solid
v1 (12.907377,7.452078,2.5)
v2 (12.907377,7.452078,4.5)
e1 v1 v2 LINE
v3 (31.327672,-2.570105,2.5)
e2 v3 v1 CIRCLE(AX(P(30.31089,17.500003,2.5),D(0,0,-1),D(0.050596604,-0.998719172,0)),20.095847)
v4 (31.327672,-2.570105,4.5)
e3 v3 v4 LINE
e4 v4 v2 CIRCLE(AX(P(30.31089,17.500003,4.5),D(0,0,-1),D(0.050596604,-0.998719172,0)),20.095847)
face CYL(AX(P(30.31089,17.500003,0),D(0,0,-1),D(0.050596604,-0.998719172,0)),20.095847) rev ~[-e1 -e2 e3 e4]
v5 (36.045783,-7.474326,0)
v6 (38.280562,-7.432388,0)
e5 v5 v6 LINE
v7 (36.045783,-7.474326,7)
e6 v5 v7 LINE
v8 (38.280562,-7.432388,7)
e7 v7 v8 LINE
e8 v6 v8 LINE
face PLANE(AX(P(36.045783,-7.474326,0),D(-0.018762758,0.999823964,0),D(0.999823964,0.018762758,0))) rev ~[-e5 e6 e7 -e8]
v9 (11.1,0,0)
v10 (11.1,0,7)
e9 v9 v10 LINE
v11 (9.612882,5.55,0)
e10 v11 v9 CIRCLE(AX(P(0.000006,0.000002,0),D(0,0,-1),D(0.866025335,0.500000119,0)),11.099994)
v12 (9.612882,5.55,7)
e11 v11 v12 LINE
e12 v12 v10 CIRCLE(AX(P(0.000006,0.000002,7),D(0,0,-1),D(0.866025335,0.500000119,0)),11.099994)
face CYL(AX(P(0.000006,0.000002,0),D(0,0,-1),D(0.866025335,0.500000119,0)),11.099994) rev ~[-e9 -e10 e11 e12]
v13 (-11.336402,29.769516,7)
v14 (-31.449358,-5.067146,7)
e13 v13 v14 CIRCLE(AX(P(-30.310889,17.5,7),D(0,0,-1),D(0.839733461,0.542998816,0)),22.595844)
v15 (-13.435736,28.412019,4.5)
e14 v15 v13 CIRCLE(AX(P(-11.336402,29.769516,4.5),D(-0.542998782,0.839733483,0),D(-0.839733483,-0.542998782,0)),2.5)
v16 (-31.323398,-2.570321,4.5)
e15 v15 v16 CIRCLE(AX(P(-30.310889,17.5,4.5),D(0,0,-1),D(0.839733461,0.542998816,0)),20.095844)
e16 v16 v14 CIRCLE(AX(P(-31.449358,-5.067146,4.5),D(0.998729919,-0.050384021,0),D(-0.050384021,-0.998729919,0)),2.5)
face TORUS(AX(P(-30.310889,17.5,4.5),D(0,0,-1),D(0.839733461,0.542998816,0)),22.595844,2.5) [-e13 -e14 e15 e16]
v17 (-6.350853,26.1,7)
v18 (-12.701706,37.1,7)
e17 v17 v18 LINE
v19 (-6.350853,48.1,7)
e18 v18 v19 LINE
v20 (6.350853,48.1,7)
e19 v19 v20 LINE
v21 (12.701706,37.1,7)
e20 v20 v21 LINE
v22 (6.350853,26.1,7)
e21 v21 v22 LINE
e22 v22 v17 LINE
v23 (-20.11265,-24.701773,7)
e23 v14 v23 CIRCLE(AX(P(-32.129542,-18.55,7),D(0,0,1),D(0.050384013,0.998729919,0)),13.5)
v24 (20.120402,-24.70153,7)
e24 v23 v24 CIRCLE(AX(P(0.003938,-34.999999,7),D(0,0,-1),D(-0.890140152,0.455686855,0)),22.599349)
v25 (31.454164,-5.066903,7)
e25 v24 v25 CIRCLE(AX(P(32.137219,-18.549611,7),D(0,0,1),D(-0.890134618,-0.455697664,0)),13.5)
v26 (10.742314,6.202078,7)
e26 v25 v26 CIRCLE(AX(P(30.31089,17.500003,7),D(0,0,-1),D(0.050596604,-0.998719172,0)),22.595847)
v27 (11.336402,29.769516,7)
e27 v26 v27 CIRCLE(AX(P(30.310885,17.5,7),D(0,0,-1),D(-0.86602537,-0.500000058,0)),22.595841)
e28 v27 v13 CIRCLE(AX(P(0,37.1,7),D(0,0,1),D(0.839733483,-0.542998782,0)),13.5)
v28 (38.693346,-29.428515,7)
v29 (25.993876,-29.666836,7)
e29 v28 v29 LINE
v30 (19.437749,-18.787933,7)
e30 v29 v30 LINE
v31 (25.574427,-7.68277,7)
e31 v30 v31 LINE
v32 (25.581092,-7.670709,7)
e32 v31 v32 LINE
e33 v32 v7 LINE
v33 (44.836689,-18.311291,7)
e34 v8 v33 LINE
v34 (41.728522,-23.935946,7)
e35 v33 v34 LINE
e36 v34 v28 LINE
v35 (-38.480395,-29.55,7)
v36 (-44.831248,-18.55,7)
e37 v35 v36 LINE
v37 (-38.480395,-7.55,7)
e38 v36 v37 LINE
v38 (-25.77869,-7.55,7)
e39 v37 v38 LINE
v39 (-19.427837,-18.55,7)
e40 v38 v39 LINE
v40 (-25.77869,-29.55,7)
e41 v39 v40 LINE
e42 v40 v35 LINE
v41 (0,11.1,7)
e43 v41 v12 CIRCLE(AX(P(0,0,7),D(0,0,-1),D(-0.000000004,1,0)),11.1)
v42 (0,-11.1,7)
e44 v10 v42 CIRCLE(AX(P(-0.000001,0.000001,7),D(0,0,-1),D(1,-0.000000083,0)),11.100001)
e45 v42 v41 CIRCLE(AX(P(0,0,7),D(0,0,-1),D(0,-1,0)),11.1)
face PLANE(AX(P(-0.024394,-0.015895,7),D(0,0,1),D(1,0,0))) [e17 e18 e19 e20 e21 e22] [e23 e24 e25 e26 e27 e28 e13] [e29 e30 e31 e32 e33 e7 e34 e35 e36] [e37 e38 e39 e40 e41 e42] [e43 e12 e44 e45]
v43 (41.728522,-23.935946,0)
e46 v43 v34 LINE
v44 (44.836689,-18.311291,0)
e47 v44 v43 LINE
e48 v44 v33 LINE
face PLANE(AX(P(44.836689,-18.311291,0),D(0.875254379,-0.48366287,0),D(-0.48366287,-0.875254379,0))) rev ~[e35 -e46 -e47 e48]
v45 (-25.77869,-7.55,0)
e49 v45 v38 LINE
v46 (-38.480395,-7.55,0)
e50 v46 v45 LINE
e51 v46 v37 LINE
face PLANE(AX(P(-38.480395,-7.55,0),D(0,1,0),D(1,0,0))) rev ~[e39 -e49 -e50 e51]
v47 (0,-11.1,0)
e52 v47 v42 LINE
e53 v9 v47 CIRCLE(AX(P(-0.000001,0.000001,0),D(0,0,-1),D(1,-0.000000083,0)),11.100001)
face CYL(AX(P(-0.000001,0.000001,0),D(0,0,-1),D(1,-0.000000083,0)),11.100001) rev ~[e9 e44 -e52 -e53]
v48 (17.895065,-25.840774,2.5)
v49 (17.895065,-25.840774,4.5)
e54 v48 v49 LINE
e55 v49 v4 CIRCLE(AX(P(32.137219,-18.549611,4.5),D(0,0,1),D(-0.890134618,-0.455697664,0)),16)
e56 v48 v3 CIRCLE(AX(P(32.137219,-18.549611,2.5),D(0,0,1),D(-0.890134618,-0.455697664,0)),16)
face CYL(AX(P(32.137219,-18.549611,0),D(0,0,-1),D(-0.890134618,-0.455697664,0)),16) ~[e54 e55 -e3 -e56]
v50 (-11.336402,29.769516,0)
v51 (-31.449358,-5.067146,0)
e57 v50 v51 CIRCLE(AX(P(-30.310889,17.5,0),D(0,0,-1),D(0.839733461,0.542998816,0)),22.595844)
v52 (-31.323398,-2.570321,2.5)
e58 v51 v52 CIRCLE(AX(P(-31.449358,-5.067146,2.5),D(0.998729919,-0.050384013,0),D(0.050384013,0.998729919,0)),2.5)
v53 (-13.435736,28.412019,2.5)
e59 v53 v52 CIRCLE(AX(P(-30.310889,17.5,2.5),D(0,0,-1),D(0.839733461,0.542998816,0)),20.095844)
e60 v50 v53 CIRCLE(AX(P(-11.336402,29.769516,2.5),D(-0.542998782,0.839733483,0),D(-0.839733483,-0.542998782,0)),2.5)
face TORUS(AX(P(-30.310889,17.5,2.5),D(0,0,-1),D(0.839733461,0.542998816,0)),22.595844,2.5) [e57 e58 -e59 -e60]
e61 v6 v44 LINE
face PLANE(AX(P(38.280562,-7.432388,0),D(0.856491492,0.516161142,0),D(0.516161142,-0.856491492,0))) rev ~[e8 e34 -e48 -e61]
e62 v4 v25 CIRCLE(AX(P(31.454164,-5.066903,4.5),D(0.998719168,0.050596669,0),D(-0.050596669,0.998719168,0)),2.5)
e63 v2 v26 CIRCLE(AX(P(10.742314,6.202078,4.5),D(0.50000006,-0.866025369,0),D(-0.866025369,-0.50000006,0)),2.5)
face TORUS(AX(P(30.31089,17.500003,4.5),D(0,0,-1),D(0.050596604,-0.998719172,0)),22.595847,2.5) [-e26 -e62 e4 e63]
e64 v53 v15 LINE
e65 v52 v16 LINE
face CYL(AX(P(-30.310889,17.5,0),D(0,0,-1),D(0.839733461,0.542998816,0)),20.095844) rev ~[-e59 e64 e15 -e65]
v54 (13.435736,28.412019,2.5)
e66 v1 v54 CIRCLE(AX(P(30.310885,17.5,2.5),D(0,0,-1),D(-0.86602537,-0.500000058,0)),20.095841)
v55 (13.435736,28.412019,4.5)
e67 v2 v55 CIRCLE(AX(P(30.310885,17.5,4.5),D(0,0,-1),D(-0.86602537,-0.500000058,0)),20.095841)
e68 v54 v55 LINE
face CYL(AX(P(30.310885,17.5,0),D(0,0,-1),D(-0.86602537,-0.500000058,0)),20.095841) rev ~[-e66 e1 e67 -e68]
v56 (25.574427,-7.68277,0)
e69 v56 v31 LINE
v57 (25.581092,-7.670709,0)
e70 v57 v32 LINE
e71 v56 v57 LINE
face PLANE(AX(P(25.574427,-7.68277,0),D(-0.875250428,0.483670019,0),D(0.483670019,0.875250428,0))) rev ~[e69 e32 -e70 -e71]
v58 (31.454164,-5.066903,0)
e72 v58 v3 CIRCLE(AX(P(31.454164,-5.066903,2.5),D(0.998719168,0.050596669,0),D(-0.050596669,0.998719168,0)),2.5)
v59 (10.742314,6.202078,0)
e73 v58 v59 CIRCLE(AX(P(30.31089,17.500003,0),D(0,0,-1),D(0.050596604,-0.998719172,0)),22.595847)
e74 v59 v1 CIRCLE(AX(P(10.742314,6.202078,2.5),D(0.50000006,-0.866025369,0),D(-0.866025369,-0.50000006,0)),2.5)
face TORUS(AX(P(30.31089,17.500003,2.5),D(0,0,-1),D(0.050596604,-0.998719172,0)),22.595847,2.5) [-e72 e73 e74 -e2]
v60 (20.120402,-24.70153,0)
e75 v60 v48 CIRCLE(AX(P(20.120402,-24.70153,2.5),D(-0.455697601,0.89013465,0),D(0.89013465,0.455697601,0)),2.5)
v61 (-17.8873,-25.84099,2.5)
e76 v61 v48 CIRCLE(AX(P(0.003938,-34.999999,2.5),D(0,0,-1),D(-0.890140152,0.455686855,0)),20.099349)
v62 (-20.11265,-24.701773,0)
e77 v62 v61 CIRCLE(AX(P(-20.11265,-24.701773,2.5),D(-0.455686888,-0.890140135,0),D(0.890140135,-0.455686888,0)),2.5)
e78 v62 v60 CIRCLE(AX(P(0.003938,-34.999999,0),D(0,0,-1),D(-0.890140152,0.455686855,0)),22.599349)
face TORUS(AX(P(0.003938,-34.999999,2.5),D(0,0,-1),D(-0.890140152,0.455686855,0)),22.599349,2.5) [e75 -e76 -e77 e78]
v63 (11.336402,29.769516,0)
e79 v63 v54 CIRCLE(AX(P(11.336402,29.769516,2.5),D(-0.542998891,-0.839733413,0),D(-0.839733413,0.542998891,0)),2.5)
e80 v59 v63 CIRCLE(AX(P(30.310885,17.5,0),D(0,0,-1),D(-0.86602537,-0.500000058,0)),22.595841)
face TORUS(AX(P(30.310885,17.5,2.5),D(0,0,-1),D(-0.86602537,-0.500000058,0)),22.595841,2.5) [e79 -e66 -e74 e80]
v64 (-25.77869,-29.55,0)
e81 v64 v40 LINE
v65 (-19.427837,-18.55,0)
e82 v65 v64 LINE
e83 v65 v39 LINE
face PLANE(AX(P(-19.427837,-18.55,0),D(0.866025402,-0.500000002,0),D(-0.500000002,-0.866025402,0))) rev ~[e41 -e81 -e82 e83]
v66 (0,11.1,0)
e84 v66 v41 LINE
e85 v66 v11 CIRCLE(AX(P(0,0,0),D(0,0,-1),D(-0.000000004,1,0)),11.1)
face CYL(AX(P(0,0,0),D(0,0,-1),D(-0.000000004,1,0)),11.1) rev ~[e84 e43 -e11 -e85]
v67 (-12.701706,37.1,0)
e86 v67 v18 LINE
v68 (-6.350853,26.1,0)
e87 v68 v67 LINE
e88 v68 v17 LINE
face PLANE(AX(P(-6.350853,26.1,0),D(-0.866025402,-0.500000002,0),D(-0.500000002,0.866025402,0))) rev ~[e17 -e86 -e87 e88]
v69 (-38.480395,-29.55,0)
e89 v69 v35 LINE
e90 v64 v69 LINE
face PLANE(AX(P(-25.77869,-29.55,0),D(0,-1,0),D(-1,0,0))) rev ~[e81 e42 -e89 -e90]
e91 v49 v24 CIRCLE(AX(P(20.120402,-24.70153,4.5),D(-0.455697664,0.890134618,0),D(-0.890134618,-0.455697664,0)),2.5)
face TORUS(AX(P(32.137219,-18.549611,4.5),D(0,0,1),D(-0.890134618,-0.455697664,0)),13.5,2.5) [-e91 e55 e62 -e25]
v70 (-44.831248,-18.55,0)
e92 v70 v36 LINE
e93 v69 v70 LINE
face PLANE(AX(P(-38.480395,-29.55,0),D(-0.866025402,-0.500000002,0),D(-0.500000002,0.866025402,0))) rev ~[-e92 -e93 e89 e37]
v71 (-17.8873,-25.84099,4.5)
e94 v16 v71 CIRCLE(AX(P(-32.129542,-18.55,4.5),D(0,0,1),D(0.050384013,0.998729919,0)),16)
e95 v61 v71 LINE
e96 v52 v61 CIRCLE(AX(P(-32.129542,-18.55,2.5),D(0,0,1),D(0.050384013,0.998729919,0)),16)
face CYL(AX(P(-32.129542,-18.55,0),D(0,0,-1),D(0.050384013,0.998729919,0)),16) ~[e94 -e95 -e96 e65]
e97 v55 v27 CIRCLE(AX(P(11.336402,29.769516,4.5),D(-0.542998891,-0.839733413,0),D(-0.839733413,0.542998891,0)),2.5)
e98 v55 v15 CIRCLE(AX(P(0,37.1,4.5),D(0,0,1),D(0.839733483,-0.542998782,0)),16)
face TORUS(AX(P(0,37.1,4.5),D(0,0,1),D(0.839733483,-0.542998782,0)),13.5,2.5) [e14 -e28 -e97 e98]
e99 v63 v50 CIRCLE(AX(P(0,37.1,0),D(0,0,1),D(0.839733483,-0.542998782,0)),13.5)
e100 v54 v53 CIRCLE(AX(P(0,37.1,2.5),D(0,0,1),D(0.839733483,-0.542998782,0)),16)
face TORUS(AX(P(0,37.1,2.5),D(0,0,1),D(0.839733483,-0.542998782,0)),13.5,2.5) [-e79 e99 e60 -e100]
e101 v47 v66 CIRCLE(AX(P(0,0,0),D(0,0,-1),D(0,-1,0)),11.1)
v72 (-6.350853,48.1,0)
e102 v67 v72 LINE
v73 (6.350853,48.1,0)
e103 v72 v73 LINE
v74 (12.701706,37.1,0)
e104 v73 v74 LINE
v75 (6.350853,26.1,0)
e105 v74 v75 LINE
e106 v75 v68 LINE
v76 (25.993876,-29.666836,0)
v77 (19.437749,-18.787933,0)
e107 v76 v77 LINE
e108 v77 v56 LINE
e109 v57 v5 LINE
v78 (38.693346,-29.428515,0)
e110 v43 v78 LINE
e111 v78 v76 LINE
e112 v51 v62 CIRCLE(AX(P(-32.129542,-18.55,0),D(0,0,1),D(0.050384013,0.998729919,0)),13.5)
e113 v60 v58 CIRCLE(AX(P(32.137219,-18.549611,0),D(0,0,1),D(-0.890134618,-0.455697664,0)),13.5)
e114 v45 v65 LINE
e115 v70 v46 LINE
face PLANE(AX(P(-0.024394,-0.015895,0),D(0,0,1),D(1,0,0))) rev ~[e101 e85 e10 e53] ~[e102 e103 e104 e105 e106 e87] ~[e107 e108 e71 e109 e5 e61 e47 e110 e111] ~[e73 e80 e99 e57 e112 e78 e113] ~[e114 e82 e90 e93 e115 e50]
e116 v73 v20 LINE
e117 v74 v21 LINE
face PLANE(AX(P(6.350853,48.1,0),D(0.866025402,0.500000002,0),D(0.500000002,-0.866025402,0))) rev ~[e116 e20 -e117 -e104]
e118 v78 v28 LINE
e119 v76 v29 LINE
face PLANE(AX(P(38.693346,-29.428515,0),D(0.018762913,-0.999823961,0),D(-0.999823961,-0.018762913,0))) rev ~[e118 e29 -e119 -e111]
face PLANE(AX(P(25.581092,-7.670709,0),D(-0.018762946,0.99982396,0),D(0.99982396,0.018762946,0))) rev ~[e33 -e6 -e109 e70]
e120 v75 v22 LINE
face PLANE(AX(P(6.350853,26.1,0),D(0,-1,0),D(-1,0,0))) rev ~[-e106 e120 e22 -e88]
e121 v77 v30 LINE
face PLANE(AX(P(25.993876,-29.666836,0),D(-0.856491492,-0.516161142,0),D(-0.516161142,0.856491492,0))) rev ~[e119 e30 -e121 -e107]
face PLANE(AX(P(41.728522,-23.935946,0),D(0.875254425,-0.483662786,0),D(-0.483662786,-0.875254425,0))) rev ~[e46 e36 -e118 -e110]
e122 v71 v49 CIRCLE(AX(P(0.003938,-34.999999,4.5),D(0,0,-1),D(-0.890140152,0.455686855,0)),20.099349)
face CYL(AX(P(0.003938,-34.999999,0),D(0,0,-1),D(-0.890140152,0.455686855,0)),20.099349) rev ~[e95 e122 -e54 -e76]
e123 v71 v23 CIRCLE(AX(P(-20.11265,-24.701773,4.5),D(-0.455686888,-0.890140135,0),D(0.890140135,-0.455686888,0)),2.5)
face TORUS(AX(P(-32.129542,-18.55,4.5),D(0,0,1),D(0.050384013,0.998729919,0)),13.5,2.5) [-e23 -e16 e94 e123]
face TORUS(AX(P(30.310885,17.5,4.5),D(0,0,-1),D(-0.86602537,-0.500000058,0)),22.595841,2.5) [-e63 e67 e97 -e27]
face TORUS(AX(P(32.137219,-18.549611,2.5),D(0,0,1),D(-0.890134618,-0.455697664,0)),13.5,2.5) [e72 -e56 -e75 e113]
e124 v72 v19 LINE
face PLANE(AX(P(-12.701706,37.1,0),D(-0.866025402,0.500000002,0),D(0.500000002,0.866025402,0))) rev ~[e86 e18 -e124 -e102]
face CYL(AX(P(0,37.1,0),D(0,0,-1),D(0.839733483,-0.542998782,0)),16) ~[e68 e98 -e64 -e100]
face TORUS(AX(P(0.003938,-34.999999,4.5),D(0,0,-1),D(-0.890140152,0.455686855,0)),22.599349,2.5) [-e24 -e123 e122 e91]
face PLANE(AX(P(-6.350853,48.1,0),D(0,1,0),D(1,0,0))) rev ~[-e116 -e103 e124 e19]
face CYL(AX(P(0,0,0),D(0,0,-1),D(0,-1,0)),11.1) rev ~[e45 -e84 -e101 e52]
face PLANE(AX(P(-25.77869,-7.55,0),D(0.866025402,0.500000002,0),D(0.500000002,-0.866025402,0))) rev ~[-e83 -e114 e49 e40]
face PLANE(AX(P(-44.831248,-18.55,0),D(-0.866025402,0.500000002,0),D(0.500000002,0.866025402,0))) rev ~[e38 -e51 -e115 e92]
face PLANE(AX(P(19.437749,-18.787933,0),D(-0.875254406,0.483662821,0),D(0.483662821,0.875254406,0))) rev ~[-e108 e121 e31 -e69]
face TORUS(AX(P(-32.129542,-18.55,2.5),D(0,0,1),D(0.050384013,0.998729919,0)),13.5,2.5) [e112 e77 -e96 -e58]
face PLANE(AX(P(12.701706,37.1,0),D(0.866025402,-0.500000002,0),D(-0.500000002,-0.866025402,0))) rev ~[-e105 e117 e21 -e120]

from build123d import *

# Parameters (mm, degrees)
F1_DEPTH = 7
F2_R     = 2.5
F3_R     = 2.5


with BuildPart() as f1:
    # F0 (on Top) → F1 (new body)
    with BuildSketch(Plane.XY):
        with BuildLine():
            ThreePointArc((31.327672, -2.570105), (20.706606, -0.152215), (12.907377, 7.452078))
            ThreePointArc((12.907377, 7.452078), (10.221426, 18.006415), (13.435736, 28.412019))
            ThreePointArc((13.435736, 28.412019), (0, 53.1), (-13.435736, 28.412019))
            ThreePointArc((-13.435736, 28.412019), (-12.907377, 7.452078), (-31.323398, -2.570321))
            ThreePointArc((-31.323398, -2.570321), (-45.98575, -26.550344), (-17.8873, -25.84099))
            ThreePointArc((-17.8873, -25.84099), (0.003816, -14.90065), (17.895065, -25.840774))
            ThreePointArc((17.895065, -25.840774), (45.994326, -26.548397), (31.327672, -2.570105))
        make_face()
        Polygon((-38.480395, -29.55), (-44.831248, -18.55), (-38.480395, -7.55), (-25.77869, -7.55), (-19.427837, -18.55), (-25.77869, -29.55), align=None, mode=Mode.SUBTRACT)
        with BuildLine():
            ThreePointArc((0, -11.1), (-11.1, 0), (0, 11.1))
            ThreePointArc((0, 11.1), (5.55, 9.612882), (9.612882, 5.55))
            ThreePointArc((9.612882, 5.55), (10.721777, 2.872891), (11.1, 0))
            ThreePointArc((11.1, 0), (7.848885, -7.848885), (0, -11.1))
        make_face(mode=Mode.SUBTRACT)
        Polygon((36.045783, -7.474326), (38.280562, -7.432388), (44.836689, -18.311291), (41.728522, -23.935946), (38.693346, -29.428515), (25.993876, -29.666836), (19.437749, -18.787933), (25.574427, -7.68277), (25.581092, -7.670709), align=None, mode=Mode.SUBTRACT)
        Polygon((6.350853, 48.1), (12.701706, 37.1), (6.350853, 26.1), (-6.350853, 26.1), (-12.701706, 37.1), (-6.350853, 48.1), align=None, mode=Mode.SUBTRACT)
    extrude(amount=F1_DEPTH)

    # F2
    f2_edges = [f1.edges().sort_by_distance(p)[0] for p in [
        (45.994326, -26.548397, 7),
    ]]
    fillet(f2_edges, radius=F2_R)

    # F3
    f3_edges = [f1.edges().sort_by_distance(p)[0] for p in [
        (-45.98575, -26.550344, 0),
    ]]
    fillet(f3_edges, radius=F3_R)


solid = f1.part
